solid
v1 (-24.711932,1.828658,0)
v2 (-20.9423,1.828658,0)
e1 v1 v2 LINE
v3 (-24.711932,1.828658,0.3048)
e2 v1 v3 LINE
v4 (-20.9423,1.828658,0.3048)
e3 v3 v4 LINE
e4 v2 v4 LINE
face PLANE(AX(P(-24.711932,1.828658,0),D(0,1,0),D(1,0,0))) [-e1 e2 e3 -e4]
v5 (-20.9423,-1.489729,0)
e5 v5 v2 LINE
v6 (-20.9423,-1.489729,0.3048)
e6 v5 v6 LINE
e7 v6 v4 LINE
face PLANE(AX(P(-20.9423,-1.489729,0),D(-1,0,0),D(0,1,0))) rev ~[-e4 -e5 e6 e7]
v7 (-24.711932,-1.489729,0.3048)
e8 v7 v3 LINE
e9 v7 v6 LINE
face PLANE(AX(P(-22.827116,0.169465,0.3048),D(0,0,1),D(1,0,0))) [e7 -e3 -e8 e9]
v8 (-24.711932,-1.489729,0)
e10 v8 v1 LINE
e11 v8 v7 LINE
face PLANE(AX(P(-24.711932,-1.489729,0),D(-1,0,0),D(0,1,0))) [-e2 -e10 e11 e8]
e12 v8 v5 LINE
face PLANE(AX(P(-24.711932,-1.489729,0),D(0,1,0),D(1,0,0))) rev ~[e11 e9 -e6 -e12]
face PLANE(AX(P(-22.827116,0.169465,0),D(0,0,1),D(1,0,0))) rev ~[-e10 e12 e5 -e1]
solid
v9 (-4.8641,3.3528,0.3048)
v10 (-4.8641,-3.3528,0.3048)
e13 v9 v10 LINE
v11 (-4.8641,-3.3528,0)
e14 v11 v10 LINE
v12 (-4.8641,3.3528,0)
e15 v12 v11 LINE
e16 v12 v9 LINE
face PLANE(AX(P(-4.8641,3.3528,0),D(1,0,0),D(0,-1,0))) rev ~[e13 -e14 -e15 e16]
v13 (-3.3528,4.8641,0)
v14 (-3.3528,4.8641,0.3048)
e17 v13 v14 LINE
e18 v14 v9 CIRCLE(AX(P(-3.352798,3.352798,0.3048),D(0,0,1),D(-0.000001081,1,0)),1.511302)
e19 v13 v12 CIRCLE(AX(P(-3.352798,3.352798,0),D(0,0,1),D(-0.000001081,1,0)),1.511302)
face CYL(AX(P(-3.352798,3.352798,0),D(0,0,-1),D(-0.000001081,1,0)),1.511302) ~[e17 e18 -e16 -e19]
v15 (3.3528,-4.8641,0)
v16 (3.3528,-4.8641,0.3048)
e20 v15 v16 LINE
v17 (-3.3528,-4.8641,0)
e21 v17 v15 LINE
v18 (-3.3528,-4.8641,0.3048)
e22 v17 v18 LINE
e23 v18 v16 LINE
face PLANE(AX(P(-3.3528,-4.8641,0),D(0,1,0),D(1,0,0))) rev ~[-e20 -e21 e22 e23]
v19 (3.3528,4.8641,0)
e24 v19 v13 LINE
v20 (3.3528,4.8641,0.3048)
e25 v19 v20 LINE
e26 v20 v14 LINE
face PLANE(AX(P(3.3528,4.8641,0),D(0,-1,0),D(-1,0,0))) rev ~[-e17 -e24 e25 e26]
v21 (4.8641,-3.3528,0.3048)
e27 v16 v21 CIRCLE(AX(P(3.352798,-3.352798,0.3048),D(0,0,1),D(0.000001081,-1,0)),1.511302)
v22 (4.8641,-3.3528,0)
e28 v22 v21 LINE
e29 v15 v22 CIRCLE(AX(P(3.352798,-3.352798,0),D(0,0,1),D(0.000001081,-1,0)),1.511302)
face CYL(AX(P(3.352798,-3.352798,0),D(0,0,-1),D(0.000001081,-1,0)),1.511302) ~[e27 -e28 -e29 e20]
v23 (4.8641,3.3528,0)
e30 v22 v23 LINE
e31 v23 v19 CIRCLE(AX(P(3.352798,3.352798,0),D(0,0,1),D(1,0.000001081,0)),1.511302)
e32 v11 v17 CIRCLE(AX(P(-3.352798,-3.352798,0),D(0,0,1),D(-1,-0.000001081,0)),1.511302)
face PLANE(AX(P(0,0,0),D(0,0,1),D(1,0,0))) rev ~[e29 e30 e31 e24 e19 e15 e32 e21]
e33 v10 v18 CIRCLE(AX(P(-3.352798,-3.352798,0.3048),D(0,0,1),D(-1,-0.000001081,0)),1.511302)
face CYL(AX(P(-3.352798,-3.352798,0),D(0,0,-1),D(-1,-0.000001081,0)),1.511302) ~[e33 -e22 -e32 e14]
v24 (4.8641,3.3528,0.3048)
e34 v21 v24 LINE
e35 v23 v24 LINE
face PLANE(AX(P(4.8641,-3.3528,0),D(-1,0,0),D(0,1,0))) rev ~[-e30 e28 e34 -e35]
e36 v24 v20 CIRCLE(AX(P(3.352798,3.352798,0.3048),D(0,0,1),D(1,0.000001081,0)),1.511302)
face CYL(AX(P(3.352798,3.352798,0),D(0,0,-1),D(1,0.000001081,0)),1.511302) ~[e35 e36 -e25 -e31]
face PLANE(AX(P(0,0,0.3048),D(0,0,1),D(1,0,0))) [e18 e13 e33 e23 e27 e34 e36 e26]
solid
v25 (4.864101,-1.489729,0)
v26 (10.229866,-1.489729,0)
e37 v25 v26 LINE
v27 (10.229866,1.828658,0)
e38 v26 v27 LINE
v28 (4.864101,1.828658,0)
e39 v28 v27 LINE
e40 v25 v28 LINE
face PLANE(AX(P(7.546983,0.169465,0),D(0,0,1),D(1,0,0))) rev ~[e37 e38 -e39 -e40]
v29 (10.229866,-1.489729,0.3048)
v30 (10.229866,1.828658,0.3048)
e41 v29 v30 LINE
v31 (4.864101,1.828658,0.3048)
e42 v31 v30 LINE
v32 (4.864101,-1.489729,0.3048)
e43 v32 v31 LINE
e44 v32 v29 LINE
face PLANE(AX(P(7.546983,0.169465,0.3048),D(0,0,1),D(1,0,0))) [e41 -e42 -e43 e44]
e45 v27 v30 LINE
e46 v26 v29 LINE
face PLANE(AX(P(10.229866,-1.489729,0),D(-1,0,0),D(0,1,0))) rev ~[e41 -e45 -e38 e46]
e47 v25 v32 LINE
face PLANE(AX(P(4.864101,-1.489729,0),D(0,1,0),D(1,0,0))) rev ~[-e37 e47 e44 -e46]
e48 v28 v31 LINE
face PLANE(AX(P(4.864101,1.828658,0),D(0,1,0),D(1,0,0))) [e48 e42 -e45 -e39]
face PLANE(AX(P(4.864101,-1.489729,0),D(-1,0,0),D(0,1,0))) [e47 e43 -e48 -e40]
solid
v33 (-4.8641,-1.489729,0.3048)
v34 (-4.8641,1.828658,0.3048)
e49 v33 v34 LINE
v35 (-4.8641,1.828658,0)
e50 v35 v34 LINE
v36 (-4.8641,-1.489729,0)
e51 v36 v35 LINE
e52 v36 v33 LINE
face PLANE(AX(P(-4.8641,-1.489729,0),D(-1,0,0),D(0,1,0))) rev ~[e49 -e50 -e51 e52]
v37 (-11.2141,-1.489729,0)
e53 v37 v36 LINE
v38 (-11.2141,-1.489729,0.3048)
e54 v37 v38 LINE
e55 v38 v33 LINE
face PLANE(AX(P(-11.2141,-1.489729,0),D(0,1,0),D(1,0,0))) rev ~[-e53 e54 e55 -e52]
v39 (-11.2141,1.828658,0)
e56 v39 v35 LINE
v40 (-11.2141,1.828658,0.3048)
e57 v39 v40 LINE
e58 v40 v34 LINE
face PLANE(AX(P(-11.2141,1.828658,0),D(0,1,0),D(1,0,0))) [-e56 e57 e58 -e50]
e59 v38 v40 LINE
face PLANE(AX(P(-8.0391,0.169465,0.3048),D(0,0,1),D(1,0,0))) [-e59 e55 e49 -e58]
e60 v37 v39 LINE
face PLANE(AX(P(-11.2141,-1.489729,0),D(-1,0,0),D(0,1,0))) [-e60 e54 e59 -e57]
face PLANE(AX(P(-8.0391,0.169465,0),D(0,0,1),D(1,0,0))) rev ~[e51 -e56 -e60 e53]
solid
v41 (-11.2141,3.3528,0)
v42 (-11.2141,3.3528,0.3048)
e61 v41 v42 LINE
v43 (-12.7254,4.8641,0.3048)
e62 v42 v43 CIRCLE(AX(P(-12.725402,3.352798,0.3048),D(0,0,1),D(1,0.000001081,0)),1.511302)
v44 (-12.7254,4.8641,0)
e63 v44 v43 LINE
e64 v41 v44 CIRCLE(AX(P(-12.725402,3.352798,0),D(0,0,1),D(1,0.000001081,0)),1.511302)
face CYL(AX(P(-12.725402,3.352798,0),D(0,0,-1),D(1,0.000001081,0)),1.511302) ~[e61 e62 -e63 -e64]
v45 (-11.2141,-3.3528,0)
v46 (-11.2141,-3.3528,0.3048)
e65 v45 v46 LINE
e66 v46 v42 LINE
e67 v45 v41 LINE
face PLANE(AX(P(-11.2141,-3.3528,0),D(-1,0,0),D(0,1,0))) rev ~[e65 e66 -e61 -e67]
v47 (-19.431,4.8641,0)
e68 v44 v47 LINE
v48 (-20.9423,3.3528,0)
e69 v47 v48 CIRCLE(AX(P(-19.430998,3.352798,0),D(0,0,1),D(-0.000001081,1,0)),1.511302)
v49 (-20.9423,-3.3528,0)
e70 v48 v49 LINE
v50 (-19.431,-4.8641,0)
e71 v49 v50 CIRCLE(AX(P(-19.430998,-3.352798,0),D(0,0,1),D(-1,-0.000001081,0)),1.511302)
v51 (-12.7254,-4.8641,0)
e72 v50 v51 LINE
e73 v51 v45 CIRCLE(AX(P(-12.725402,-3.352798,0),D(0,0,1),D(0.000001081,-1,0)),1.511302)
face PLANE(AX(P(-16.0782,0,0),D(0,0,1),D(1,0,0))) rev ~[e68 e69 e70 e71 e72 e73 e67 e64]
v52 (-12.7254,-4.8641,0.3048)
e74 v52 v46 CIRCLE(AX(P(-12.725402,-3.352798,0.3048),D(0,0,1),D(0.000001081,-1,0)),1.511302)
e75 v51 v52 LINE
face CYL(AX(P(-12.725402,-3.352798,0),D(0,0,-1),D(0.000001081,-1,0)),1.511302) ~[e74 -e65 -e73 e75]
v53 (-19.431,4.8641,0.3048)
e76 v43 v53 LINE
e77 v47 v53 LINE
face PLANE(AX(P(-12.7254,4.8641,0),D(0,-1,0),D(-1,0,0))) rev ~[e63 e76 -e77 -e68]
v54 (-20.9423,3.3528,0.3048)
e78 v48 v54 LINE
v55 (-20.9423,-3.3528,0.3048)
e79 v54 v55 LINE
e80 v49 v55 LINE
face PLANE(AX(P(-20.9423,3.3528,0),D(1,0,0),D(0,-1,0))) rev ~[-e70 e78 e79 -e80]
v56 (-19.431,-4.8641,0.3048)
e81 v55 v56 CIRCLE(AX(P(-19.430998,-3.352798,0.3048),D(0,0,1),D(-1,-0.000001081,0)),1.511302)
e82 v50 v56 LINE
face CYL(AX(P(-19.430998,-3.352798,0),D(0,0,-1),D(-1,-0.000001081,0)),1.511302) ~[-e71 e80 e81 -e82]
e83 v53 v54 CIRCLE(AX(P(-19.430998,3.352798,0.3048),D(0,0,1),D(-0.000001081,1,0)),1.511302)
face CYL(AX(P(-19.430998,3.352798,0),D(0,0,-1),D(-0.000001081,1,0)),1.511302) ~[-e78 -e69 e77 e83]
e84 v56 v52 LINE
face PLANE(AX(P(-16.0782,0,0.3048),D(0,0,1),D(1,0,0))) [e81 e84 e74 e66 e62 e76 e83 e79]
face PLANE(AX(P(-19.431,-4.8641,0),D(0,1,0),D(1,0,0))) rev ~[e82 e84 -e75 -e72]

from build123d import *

# Parameters (mm, degrees)
F1_DEPTH = 0.3048
F0_W     = 3.769632
F0_H     = 3.318387
F0_W_2   = 6.35
F0_W_3   = 5.365765
F2_DEPTH = 0.3048


with BuildPart() as f1:
    # F0 (on Top) → F1 (new body)
    with BuildSketch(Plane.XY):
        with BuildLine():
            Line((-11.2141, -3.3528), (-11.2141, -1.489728))
            Line((-11.2141, -1.489728), (-11.2141, 1.828659))
            Line((-11.2141, 1.828659), (-11.2141, 3.3528))
            ThreePointArc((-11.2141, 3.3528), (-11.65675, 4.42145), (-12.7254, 4.8641))
            Line((-12.7254, 4.8641), (-19.431, 4.8641))
            ThreePointArc((-19.431, 4.8641), (-20.49965, 4.42145), (-20.9423, 3.3528))
            Line((-20.9423, 3.3528), (-20.9423, 1.828659))
            Line((-20.9423, 1.828659), (-20.9423, -1.489728))
            Line((-20.9423, -1.489728), (-20.9423, -3.3528))
            ThreePointArc((-20.9423, -3.3528), (-20.49965, -4.42145), (-19.431, -4.8641))
            Line((-19.431, -4.8641), (-12.7254, -4.8641))
            ThreePointArc((-12.7254, -4.8641), (-11.65675, -4.42145), (-11.2141, -3.3528))
        make_face()
        with BuildLine():
            Line((-3.3528, -4.8641), (3.3528, -4.8641))
            ThreePointArc((3.3528, -4.8641), (4.42145, -4.42145), (4.8641, -3.3528))
            Line((4.8641, -3.3528), (4.8641, -1.489728))
            Line((4.8641, -1.489728), (4.8641, 1.828659))
            Line((4.8641, 1.828659), (4.8641, 3.3528))
            ThreePointArc((4.8641, 3.3528), (4.42145, 4.42145), (3.3528, 4.8641))
            Line((3.3528, 4.8641), (-3.3528, 4.8641))
            ThreePointArc((-3.3528, 4.8641), (-4.42145, 4.42145), (-4.8641, 3.3528))
            Line((-4.8641, 3.3528), (-4.8641, 1.828659))
            Line((-4.8641, 1.828659), (-4.8641, -1.489728))
            Line((-4.8641, -1.489728), (-4.8641, -3.3528))
            ThreePointArc((-4.8641, -3.3528), (-4.42145, -4.42145), (-3.3528, -4.8641))
        make_face()
    extrude(amount=F1_DEPTH)


with BuildPart() as f2:
    # F0 (on Top) → F2 (new body)
    with BuildSketch(Plane.XY):
        with Locations((-22.827116, 0.169465)):
            Rectangle(F0_W, F0_H)
        with Locations((-8.0391, 0.169465)):
            Rectangle(F0_W_2, F0_H)
        with Locations((7.546983, 0.169465)):
            Rectangle(F0_W_3, F0_H)
    extrude(amount=F2_DEPTH)


solid = Compound([f1.part, f2.part])
